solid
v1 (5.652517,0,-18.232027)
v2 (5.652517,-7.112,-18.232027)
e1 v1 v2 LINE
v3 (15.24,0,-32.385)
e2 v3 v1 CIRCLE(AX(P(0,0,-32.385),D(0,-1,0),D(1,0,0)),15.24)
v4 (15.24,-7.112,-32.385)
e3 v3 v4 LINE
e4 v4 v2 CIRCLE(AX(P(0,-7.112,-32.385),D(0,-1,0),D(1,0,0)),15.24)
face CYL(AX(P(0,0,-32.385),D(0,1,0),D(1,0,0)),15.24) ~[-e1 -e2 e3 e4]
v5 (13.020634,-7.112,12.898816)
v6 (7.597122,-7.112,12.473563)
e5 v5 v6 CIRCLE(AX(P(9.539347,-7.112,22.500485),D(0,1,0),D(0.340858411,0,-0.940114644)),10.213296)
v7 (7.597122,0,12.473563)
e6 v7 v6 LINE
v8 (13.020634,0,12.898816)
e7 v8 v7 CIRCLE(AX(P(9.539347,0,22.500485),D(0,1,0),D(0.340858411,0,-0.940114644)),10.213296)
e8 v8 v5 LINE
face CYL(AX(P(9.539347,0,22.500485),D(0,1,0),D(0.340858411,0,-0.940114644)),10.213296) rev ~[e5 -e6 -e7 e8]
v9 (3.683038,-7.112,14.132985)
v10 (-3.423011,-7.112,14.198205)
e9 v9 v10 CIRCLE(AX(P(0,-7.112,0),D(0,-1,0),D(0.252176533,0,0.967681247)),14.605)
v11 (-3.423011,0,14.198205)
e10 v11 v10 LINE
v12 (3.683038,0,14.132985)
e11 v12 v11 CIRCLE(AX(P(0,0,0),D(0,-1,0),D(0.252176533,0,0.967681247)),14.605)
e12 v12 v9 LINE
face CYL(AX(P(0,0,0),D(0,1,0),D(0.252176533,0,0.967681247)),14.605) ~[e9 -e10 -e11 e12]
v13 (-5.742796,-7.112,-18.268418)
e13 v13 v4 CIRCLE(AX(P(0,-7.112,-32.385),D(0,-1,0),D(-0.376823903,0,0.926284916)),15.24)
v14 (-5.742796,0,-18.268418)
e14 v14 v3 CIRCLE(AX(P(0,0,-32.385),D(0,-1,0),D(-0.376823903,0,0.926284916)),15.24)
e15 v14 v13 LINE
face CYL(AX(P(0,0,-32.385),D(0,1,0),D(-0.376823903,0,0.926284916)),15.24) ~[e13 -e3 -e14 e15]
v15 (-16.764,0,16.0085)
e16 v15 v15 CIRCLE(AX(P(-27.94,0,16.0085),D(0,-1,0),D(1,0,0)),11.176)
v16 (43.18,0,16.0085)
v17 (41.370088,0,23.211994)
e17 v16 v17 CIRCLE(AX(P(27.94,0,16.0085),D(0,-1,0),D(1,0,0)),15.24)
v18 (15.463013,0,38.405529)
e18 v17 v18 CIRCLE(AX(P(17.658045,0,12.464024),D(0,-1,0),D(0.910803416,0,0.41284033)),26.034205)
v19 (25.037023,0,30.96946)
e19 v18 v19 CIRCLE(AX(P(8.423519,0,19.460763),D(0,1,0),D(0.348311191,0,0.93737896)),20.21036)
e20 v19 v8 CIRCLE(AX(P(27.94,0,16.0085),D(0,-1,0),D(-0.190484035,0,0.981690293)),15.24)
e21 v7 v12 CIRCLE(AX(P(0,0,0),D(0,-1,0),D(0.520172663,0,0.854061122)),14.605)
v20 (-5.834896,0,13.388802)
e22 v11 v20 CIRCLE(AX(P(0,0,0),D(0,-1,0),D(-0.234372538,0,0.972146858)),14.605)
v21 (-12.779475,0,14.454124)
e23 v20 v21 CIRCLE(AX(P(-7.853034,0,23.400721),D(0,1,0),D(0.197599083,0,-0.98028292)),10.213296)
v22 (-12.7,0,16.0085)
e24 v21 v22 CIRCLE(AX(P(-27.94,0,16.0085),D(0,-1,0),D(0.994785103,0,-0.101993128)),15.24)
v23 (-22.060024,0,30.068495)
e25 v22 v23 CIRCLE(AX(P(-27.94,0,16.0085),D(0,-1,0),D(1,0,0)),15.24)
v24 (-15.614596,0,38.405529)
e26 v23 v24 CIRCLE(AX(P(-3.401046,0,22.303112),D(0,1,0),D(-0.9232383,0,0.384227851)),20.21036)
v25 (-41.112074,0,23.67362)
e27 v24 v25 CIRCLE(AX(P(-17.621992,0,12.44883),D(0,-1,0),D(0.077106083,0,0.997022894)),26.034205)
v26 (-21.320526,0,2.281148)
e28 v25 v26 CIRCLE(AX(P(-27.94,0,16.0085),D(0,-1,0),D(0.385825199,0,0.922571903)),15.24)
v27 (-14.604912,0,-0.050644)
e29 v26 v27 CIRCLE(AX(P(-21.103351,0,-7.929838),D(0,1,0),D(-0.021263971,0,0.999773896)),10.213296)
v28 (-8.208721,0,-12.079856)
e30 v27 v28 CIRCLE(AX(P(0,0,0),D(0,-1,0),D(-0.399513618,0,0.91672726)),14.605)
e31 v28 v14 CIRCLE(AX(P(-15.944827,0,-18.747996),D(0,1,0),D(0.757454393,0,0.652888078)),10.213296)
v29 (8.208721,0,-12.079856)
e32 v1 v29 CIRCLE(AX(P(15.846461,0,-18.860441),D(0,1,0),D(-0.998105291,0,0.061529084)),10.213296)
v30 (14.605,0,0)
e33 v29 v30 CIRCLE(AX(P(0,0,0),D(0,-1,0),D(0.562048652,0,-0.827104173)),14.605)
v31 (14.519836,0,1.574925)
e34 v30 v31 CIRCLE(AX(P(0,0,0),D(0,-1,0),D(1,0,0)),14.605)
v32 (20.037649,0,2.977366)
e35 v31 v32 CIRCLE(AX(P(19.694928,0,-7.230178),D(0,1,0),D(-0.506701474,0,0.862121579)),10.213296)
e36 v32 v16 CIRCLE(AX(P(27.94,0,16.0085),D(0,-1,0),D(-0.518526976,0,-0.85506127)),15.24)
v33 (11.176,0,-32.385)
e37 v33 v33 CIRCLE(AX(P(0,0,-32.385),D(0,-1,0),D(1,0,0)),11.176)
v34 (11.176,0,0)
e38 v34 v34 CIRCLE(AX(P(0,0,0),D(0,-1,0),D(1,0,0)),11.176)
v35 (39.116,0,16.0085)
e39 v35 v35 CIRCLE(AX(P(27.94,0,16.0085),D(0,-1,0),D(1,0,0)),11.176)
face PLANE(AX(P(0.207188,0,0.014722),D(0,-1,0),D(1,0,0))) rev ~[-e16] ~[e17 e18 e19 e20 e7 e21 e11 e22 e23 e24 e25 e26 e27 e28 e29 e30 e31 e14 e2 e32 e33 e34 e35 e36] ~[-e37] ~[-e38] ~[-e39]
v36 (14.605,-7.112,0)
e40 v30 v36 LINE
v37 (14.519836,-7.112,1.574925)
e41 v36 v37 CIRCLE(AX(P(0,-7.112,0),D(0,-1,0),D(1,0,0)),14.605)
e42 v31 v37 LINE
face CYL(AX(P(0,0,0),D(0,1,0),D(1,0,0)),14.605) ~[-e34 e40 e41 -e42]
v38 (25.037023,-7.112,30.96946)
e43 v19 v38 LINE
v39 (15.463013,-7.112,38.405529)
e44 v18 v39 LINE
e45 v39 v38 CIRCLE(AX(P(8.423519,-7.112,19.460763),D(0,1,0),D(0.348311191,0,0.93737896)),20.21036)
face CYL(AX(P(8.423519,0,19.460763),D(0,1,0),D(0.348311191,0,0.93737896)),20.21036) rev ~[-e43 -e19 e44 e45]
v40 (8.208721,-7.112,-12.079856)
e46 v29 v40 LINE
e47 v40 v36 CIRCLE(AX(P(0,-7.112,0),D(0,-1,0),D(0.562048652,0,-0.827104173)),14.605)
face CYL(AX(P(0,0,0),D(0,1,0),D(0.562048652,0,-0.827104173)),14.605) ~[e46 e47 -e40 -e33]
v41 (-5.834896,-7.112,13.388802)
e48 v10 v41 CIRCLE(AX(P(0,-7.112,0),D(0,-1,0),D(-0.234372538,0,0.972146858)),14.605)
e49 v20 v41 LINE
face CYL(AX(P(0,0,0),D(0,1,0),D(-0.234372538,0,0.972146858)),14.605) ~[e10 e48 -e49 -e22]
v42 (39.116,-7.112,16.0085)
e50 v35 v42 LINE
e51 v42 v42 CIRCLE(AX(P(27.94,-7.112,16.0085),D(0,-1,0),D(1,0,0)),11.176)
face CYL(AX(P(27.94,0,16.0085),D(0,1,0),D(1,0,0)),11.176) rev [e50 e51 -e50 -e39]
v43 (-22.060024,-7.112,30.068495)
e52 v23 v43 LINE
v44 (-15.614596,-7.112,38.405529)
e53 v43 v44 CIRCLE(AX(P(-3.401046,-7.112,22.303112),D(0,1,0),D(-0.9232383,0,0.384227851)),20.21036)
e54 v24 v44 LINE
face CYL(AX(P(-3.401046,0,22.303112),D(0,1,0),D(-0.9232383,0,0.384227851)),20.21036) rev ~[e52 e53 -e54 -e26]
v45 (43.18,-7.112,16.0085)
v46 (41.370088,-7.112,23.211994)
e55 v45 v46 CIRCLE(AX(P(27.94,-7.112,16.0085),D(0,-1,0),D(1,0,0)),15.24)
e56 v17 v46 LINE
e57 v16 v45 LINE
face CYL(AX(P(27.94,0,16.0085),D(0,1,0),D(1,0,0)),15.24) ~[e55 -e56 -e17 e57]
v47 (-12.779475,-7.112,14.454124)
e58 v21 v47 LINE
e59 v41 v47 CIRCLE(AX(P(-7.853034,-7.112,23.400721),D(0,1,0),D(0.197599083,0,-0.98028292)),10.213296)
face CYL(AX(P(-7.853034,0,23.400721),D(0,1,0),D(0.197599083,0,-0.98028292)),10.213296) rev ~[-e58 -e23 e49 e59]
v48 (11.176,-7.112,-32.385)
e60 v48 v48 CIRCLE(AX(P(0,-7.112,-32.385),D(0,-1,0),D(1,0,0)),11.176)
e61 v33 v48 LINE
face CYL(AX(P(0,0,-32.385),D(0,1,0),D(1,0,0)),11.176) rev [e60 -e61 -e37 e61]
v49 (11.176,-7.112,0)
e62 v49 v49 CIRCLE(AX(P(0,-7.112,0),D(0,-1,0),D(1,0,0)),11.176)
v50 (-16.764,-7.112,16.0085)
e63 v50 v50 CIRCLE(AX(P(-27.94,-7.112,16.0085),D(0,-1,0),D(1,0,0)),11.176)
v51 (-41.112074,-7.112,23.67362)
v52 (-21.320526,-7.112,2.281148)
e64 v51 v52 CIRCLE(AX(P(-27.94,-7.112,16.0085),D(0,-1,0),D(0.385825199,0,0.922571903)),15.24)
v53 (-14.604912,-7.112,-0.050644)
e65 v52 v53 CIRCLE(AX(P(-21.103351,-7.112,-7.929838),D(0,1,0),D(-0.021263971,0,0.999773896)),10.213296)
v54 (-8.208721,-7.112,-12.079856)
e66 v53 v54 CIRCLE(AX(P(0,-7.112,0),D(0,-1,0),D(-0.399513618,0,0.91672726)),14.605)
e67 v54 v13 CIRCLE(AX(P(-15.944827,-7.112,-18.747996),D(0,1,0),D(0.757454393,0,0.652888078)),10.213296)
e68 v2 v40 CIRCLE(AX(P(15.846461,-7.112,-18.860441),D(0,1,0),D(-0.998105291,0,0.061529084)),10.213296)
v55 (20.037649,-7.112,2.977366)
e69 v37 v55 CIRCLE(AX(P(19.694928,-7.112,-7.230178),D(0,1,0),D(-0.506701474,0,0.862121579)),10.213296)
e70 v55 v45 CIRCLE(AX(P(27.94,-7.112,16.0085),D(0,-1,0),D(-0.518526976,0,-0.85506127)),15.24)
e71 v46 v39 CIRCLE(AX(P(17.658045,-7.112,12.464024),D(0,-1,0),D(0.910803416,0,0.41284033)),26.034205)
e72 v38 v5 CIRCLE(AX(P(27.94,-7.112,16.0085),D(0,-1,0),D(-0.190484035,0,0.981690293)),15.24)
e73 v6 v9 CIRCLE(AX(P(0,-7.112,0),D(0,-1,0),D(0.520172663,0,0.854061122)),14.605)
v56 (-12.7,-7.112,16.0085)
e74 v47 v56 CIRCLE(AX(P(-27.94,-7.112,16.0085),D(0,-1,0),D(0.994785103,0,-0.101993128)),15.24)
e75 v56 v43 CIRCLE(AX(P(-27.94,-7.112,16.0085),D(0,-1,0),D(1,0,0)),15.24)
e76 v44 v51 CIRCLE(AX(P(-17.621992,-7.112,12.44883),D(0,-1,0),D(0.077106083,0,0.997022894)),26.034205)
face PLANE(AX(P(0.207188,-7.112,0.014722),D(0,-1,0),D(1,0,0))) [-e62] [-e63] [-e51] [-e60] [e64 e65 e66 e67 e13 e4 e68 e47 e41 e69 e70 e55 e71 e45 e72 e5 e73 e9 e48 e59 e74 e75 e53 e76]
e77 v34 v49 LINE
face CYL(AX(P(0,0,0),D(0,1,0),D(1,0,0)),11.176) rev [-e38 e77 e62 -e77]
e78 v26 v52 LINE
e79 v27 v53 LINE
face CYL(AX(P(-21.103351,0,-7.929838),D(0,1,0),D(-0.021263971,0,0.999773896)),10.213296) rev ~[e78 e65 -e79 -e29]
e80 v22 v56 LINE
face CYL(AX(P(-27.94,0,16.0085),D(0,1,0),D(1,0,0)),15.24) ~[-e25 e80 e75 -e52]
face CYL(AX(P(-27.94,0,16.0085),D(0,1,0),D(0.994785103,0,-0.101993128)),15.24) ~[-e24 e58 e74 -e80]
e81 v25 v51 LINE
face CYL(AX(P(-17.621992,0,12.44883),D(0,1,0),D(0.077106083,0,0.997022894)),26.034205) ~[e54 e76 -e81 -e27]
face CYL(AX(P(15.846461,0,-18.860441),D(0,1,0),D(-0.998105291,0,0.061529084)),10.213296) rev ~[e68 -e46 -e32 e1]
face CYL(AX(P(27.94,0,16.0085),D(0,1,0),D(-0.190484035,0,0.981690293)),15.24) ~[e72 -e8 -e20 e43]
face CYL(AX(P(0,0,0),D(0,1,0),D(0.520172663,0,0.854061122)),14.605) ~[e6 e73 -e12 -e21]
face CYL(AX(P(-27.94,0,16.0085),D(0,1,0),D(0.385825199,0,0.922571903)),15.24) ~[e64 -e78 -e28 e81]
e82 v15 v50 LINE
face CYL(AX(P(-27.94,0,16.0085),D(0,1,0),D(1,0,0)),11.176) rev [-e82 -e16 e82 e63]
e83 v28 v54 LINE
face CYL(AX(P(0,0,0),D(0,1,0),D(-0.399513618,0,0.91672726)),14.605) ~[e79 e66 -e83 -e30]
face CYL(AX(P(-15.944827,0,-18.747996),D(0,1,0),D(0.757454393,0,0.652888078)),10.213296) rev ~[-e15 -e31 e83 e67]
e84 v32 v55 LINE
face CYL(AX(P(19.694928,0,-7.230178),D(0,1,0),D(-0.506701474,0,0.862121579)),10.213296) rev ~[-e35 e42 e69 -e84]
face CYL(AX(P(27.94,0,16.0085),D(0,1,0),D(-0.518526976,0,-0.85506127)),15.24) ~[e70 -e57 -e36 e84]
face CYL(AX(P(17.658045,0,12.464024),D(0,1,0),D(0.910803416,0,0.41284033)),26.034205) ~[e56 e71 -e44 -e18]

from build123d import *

# Parameters (mm, degrees)
F0_R     = 11.176
F1_DEPTH = 7.112


with BuildPart() as f1:
    # F0 (on Front) → F1 (new body)
    with BuildSketch(Plane.XZ):
        with BuildLine():
            ThreePointArc((8.2087205691, -12.0798564403), (12.9072535598, -6.8343858937), (14.605, 0))
            ThreePointArc((14.605, 0), (14.5836934609, 0.7886127296), (14.51983601, 1.57492452))
            ThreePointArc((14.51983601, 1.57492452), (12.3282210206, 7.8307720862), (7.5971217395, 12.4735626938))
            ThreePointArc((7.5971217395, 12.4735626938), (5.5527816289, 13.0973627133), (3.6830382693, 14.1329846143))
            ThreePointArc((3.6830382693, 14.1329846143), (0.134040948, 14.6043848903), (-3.4230109197, 14.1982048599))
            ThreePointArc((-3.4230109197, 14.1982048599), (-4.6036529114, 13.7181112894), (-5.8348963879, 13.3888016321))
            ThreePointArc((-5.8348963879, 13.3888016321), (-12.2311535609, 7.9815354143), (-14.6049121942, -0.0506438495))
            ThreePointArc((-14.6049121942, -0.0506438495), (-12.8953847889, -6.8567540532), (-8.2087205691, -12.0798564403))
            ThreePointArc((-8.2087205691, -12.0798564403), (0, -14.605), (8.2087205691, -12.0798564403))
        make_face()
        Circle(F0_R, mode=Mode.SUBTRACT)
        with BuildLine():
            ThreePointArc((7.5971217395, 12.4735626938), (12.3282210206, 7.8307720862), (14.51983601, 1.57492452))
            ThreePointArc((14.51983601, 1.57492452), (17.1790458557, 2.6683948539), (20.037648893, 2.9773658069))
            ThreePointArc((20.037648893, 2.9773658069), (15.4974728132, 7.2084360861), (13.0206344132, 12.8988162214))
            ThreePointArc((13.0206344132, 12.8988162214), (10.3377129515, 12.3184410429), (7.5971217395, 12.4735626938))
        make_face()
        with BuildLine():
            ThreePointArc((5.6525165498, -18.2320265791), (6.414889264, -14.9416578881), (8.2087205691, -12.0798564403))
            ThreePointArc((8.2087205691, -12.0798564403), (0, -14.605), (-8.2087205691, -12.0798564403))
            ThreePointArc((-8.2087205691, -12.0798564403), (-6.4570050812, -14.9674321775), (-5.7427962807, -18.2684178755))
            ThreePointArc((-5.7427962807, -18.2684178755), (-0.0486691798, -17.1450777131), (5.6525165498, -18.2320265791))
        make_face()
        with BuildLine():
            ThreePointArc((3.6830382693, 14.1329846143), (5.5527816289, 13.0973627133), (7.5971217395, 12.4735626938))
            ThreePointArc((7.5971217395, 12.4735626938), (5.7007826422, 13.4464531482), (3.6830382693, 14.1329846143))
        make_face()
        with BuildLine():
            ThreePointArc((13.0206344132, 12.8988162214), (15.4974728132, 7.2084360861), (20.037648893, 2.9773658069))
            ThreePointArc((20.037648893, 2.9773658069), (35.4174918632, 2.7290148056), (43.18, 16.0084995635))
            ThreePointArc((43.18, 16.0084995635), (42.7205978363, 19.7221941663), (41.3700882411, 23.2119938431))
            ThreePointArc((41.3700882411, 23.2119938431), (34.4783169272, 29.7746904585), (25.0370233017, 30.9694596359))
            ThreePointArc((25.0370233017, 30.9694596359), (15.2496095614, 24.4471955833), (13.0206344132, 12.8988162214))
        make_face()
        with Locations((27.94, 16.0084995635)):
            Circle(F0_R, mode=Mode.SUBTRACT)
        with BuildLine():
            ThreePointArc((15.24, -32.385), (12.6174869174, -23.8376832345), (5.6525165498, -18.2320265791))
            ThreePointArc((5.6525165498, -18.2320265791), (-0.0486691798, -17.1450777131), (-5.7427962807, -18.2684178755))
            ThreePointArc((-5.7427962807, -18.2684178755), (-8.5069790373, -45.0297185678), (15.24, -32.385))
        make_face()
        with Locations((0, -32.385)):
            Circle(F0_R, mode=Mode.SUBTRACT)
        with BuildLine():
            ThreePointArc((-21.3205264394, 2.2811484067), (-17.7532941256, 1.7184015486), (-14.6049121942, -0.0506438495))
            ThreePointArc((-14.6049121942, -0.0506438495), (-12.2311535609, 7.9815354143), (-5.8348963879, 13.3888016321))
            ThreePointArc((-5.8348963879, 13.3888016321), (-9.4016738346, 13.3055178964), (-12.779475025, 14.4541242929))
            ThreePointArc((-12.779475025, 14.4541242929), (-15.4645272821, 7.2552041574), (-21.3205264394, 2.2811484067))
        make_face()
        with BuildLine():
            ThreePointArc((-5.8348963879, 13.3888016321), (-4.6036529114, 13.7181112894), (-3.4230109197, 14.1982048599))
            ThreePointArc((-3.4230109197, 14.1982048599), (-4.6466111657, 13.8461196613), (-5.8348963879, 13.3888016321))
        make_face()
        with BuildLine():
            ThreePointArc((15.4630130269, 38.4055288773), (20.8206905893, 35.4222404623), (25.0370233017, 30.9694596359))
            ThreePointArc((25.0370233017, 30.9694596359), (34.4783169272, 29.7746904585), (41.3700882411, 23.2119938431))
            ThreePointArc((41.3700882411, 23.2119938431), (30.8283267328, 34.9211726358), (15.4630130269, 38.4055288773))
        make_face()
        with BuildLine():
            ThreePointArc((-41.1120736088, 23.6736203612), (-39.1267602964, 5.6589104861), (-21.3205264394, 2.2811484067))
            ThreePointArc((-21.3205264394, 2.2811484067), (-15.4645272821, 7.2552041574), (-12.779475025, 14.4541242929))
            ThreePointArc((-12.779475025, 14.4541242929), (-12.7198817248, 15.2302967041), (-12.7, 16.0084995635))
            ThreePointArc((-12.7, 16.0084995635), (-15.2540149252, 24.4538167678), (-22.0600239739, 30.0684953648))
            ThreePointArc((-22.0600239739, 30.0684953648), (-32.7894616574, 30.4563479027), (-41.1120736088, 23.6736203612))
        make_face()
        with Locations((-27.94, 16.0084995635)):
            Circle(F0_R, mode=Mode.SUBTRACT)
        with BuildLine():
            ThreePointArc((-15.6145964903, 38.4055288773), (-30.6463435403, 34.9909266583), (-41.1120736088, 23.6736203612))
            ThreePointArc((-41.1120736088, 23.6736203612), (-32.7894616574, 30.4563479027), (-22.0600239739, 30.0684953648))
            ThreePointArc((-22.0600239739, 30.0684953648), (-19.3902543974, 34.6644976906), (-15.6145964903, 38.4055288773))
        make_face()
    extrude(amount=F1_DEPTH)


solid = f1.part
